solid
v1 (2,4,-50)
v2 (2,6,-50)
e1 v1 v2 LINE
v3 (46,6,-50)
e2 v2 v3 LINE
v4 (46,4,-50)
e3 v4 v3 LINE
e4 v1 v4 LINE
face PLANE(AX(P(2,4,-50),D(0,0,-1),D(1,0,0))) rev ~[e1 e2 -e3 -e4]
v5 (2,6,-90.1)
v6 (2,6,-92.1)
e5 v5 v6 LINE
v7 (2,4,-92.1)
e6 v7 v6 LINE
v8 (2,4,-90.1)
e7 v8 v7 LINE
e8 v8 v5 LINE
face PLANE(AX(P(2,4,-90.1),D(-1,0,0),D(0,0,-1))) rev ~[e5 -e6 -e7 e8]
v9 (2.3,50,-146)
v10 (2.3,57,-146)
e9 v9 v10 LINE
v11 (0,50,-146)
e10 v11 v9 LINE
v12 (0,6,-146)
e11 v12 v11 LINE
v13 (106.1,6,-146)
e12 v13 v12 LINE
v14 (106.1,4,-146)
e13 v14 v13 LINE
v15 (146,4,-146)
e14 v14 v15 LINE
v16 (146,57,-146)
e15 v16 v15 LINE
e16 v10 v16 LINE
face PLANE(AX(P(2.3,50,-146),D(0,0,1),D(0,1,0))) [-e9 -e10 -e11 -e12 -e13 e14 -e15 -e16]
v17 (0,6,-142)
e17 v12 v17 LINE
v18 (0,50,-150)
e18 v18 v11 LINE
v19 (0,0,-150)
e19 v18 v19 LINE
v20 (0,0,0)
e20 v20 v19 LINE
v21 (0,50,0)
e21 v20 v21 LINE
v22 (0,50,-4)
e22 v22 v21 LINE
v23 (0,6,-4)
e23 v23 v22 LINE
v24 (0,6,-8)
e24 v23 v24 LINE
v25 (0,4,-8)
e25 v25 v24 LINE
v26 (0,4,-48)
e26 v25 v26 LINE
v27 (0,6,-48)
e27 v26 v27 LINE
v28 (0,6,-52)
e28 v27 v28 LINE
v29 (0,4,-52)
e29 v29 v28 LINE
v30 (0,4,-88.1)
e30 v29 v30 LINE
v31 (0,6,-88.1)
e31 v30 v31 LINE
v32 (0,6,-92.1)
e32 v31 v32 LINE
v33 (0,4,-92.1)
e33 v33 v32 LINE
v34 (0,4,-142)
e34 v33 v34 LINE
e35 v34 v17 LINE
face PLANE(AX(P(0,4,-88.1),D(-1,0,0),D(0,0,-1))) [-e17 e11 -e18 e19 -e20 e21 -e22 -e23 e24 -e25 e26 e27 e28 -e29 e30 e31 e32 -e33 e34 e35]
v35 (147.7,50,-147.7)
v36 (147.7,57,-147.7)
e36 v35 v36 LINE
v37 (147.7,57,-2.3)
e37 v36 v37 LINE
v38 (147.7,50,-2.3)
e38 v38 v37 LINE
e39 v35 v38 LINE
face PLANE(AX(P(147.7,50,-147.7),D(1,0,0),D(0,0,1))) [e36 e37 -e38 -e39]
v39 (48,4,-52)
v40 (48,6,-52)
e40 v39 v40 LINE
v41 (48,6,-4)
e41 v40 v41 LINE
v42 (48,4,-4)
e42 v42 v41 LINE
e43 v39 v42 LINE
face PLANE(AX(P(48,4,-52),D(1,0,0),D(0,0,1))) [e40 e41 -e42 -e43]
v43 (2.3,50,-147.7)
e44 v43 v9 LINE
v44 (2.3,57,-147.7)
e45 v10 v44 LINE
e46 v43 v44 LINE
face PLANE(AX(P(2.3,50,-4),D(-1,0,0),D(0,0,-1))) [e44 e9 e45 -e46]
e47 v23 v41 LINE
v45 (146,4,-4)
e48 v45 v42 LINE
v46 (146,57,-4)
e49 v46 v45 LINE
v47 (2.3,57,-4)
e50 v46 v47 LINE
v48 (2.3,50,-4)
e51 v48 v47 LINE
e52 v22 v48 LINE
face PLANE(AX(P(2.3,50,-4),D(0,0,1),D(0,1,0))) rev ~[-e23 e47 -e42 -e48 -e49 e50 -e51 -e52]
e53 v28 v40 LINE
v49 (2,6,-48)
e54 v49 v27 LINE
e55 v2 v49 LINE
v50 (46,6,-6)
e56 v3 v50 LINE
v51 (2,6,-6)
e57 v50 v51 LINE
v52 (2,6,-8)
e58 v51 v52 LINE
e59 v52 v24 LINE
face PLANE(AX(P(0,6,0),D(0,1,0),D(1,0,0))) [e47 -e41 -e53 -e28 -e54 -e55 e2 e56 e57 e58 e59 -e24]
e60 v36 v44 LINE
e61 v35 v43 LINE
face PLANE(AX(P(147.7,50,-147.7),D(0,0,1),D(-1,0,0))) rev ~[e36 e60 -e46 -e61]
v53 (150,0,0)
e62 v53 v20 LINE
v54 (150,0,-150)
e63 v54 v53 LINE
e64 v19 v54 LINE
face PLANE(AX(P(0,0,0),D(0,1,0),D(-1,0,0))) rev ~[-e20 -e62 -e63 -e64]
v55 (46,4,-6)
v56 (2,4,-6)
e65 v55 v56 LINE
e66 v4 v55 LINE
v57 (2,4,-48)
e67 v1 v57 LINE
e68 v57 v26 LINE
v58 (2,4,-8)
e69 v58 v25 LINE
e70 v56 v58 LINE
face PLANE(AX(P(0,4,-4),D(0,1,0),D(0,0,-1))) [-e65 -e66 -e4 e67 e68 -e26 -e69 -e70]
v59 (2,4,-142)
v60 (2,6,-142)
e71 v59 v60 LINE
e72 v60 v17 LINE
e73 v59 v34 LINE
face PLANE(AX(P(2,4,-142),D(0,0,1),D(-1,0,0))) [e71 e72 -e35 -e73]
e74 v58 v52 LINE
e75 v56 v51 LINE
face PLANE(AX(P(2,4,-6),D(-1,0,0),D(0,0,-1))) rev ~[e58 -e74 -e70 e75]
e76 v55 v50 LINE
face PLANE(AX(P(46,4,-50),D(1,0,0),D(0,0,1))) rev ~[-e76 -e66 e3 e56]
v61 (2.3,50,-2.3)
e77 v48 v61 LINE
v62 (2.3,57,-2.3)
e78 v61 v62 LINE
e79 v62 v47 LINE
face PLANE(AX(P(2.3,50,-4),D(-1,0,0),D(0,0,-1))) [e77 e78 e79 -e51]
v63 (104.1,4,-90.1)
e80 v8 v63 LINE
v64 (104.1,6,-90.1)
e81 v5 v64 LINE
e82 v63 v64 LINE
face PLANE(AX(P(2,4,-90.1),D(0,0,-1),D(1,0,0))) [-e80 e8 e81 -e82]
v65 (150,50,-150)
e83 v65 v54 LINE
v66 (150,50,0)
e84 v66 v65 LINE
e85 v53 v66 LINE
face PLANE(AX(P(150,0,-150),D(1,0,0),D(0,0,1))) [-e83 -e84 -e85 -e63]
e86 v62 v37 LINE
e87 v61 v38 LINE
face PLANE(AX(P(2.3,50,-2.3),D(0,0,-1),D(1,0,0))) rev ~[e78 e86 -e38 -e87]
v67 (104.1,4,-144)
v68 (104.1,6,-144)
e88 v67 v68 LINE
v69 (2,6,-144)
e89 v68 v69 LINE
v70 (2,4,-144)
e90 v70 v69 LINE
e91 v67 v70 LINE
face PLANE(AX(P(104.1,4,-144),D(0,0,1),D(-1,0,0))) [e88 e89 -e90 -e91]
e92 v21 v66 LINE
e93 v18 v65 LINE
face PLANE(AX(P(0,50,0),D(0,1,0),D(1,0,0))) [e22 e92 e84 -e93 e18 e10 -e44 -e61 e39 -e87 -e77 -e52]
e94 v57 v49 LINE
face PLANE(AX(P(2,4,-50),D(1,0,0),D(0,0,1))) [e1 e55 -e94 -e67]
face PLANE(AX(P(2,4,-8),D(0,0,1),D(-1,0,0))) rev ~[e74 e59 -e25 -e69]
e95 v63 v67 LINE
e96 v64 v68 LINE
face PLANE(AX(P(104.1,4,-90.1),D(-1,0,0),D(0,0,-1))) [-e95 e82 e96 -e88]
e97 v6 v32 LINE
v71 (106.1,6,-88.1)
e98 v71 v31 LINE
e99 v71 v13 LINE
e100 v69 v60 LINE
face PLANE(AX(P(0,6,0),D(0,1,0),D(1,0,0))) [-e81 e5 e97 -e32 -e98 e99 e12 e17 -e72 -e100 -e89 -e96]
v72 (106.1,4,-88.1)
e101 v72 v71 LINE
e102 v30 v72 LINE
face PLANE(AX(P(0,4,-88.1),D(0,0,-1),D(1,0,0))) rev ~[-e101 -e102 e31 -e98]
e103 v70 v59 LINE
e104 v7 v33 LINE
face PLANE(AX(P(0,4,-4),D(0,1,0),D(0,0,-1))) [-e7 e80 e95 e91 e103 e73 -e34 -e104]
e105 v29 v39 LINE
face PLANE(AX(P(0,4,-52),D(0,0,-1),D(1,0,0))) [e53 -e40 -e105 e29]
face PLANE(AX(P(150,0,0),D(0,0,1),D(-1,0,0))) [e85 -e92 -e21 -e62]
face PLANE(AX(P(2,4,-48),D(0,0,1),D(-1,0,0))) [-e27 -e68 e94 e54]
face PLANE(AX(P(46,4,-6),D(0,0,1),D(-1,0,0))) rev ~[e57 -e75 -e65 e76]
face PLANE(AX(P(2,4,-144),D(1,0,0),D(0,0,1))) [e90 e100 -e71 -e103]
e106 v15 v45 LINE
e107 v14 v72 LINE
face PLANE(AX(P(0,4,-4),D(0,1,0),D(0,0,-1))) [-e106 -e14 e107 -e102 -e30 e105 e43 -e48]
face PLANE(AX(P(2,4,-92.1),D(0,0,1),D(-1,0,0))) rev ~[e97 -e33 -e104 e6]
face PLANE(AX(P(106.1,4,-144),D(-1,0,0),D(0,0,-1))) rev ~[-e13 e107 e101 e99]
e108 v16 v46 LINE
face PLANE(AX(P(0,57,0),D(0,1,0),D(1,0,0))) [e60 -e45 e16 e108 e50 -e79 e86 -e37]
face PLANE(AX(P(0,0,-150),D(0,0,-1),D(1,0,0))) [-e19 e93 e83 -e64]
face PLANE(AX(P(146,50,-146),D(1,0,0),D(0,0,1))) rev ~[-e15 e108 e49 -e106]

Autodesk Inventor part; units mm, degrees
ref_plane "YZ Plane" through (0, 0, 0) normal (1, 0, 0) x (0, 1, 0)
ref_plane "XZ Plane" through (0, 0, 0) normal (0, 1, 0) x (-1, 0, 0)
ref_plane "XY Plane" through (0, 0, 0) normal (0, 0, 1) x (1, 0, 0)
sketch "Boceto1" plane through (0, 0, 0) normal (0, 1, 0) x (-1, 0, 0)
  line L0 (0, 0) -> (0, -150)
  line L1 (0, -150) -> (-150, -150)
  line L2 (-150, -150) -> (-150, 0)
  line L3 (-150, 0) -> (0, 0)
extrude "Extrusión1" add sketch "Boceto1" along normal blind 4
sketch "Boceto2" plane through (0, 4, 0) normal (0, 1, 0) x (1, 0, 0)
  line L0 (0, 150) -> (4, 150)
  line L1 (150, 150) -> (0, 150) projected
  line L2 (0, 150) -> (0, 0)
  line L3 (0, 0) -> (150, 0)
  line L4 (150, 0) -> (150, 150)
  line L5 (0, 150) -> (150, 150)
  line L6 (4, 4) -> (146, 4)
  line L7 (146, 146) -> (146, 4)
  line L8 (146, 146) -> (4, 146)
  line L9 (4, 4) -> (4, 146)
extrude "Extrusión2" add sketch "Boceto2" along normal blind 46
sketch "Boceto3" plane through (0, 0, 0) normal (0, 0, 1) x (1, 0, 0)
  point P0 (0, 0)
sketch "Boceto4" plane through (0, 50, 0) normal (0, 1, 0) x (1, 0, 0)
  line L0 (4, 146) -> (146, 146) projected
  line L1 (0, 0) -> (0, 150) projected
  line L2 (146, 4) -> (4, 4) projected
  line L3 (2.3, 4) -> (2.3, 147.7)
  line L4 (2.3, 4) -> (2.3, 2.3)
  line L5 (2.3, 2.3) -> (147.7, 2.3)
  line L6 (147.7, 147.7) -> (2.3, 147.7)
  line L7 (147.7, 147.7) -> (147.7, 2.3)
  line L8 (4, 146) -> (146, 146)
  line L9 (146, 146) -> (146, 4) projected
  line L10 (146, 4) -> (146, 146)
  line L11 (4, 146) -> (4, 4)
  line L12 (4, 4) -> (146, 4)
extrude "Extrusión3" add sketch "Boceto4" along normal blind 7
sketch "Boceto5" plane through (0, 0, -150) normal (-1, 0, 0) x (0, 0, 1)
  point P0 (150, 0)
sketch "Boceto6" plane through (0, 0, -150) normal (-1, 0, 0) x (0, 0, 1)
  line L0 (0, 0) -> (0, 50) projected
  line L1 (0, 50) -> (4, 50)
  line L2 (0, 50) -> (150, 50) projected
  line L3 (146, 4) -> (4, 4) projected
  line L4 (4, 4) -> (4, 50)
  line L5 (4, 4) -> (146, 4)
  line L6 (146, 4) -> (146, 57) projected
  line L7 (146, 4) -> (146, 50)
  line L8 (146, 50) -> (4, 50)
  line L9 (147.7, 50) -> (2.3, 50) projected
  point P0 (150, 0)
extrude "Extrusión4" cut sketch "Boceto6" against normal blind 4
sketch "Boceto7" plane through (2.3, 50, -2.3) normal (-1, 0, 0) x (0, 0, 1)
  line L0 (-1.7, -46) -> (-1.7, 7) projected
  line L1 (-1.7, 0) -> (-1.7, 7)
  line L2 (-143.7, -46) -> (-143.7, 7) projected
  line L3 (-1.7, 7) -> (-143.7, 7)
  line L4 (-143.7, 7) -> (-143.7, 0)
  line L5 (2.3, 0) -> (-147.7, 0) projected
  line L6 (-143.7, 0) -> (-1.7, 0)
  point P0 (2.3, -50)
extrude "Extrusión5" cut sketch "Boceto7" against normal blind 4
sketch "Boceto8" plane through (0, 4, 0) normal (0, 1, 0) x (1, 0, 0)
  line L0 (0, 88.1) -> (106.1, 88.1)
  line L1 (106.1, 88.1) -> (106.1, 146)
  line L2 (0, 4) -> (0, 146) projected
  line L3 (0, 88.1) -> (0, 90.1)
  line L4 (2, 90.1) -> (104.1, 90.1)
  line L5 (106.1, 88.1) -> (104.1, 88.1)
  line L6 (104.1, 90.1) -> (104.1, 144)
  line L7 (106.1, 146) -> (106.1, 144)
  line L8 (104.1, 144) -> (2, 144)
  line L9 (0, 146) -> (106.1, 146)
  line L10 (2, 144) -> (2, 142)
  line L11 (2, 142) -> (0, 142)
  line L12 (2, 90.1) -> (2, 92.1)
  line L13 (2, 92.1) -> (0, 92.1)
  line L14 (0, 146) -> (0, 142)
  line L15 (0, 92.1) -> (0, 88.1)
  line L16 (2, 144) -> (2, 142)
  line L17 (2, 92.1) -> (2, 90.1)
  line L18 (0, 52) -> (48, 52)
  line L19 (48, 52) -> (48, 4)
  line L20 (0, 4) -> (146, 4) projected
  line L21 (2.3, 4) -> (0, 4) projected
  line L22 (0, 4) -> (48, 4)
  line L23 (2.3, 2.3) -> (147.7, 2.3) projected
  line L24 (0, 52) -> (0, 50)
  line L25 (2, 50) -> (46, 50)
  line L26 (46, 50) -> (46, 6)
  line L27 (46, 6) -> (2, 6)
  line L28 (0, 4) -> (48, 4)
  line L29 (0, 4) -> (48, 4)
  line L30 (2, 6) -> (2, 8)
  line L31 (2, 8) -> (0, 8)
  line L32 (2, 50) -> (2, 48)
  line L33 (2, 48) -> (0, 48)
  line L34 (2, 6) -> (2, 8)
  line L35 (2, 48) -> (2, 50)
  line L36 (0, 4) -> (0, 8)
  line L37 (0, 48) -> (0, 52)
  line L38 (0, 142) -> (0, 146)
  line L39 (0, 146) -> (106.1, 146)
  line L40 (2.3, 146) -> (146, 146) projected
  line L41 (106.1, 146) -> (106.1, 88.1)
  line L42 (106.1, 88.1) -> (0, 88.1)
  line L43 (0, 88.1) -> (0, 92.1)
  line L44 (0, 92.1) -> (2, 92.1)
  line L45 (2, 92.1) -> (2, 90.1)
  line L46 (2, 90.1) -> (104.1, 90.1)
  line L47 (104.1, 90.1) -> (104.1, 144)
  line L48 (104.1, 144) -> (2, 144)
  line L49 (2, 144) -> (2, 142)
  line L50 (2, 142) -> (0, 142)
  line L51 (0, 146) -> (2.3, 146) projected
  line L52 (0, 142) -> (0, 146)
  point P0 (0, 0)
extrude "Extrusión6" add sketch "Boceto8" along normal blind 2 contours L18 L19 L20 L2 L31 L30 L27 L26 L25 L32 L33
sketch "Boceto9" plane through (0, 4, 0) normal (0, 1, 0) x (1, 0, 0)
  line L0 (0, 88.1) -> (106.1, 88.1)
  line L1 (106.1, 88.1) -> (106.1, 146)
  line L2 (0, 88.1) -> (0, 90.1)
  line L3 (2, 90.1) -> (104.1, 90.1)
  line L4 (106.1, 88.1) -> (104.1, 88.1)
  line L5 (104.1, 90.1) -> (104.1, 144)
  line L6 (106.1, 146) -> (106.1, 144)
  line L7 (104.1, 144) -> (2, 144)
  line L8 (0, 146) -> (106.1, 146)
  line L9 (2, 144) -> (2, 142)
  line L10 (2, 142) -> (0, 142)
  line L11 (2, 90.1) -> (2, 92.1)
  line L12 (2, 92.1) -> (0, 92.1)
  line L13 (0, 146) -> (0, 142)
  line L14 (0, 92.1) -> (0, 88.1)
  line L15 (2, 144) -> (2, 142)
  line L16 (2, 92.1) -> (2, 90.1)
  line L17 (0, 142) -> (0, 146)
  line L18 (0, 146) -> (106.1, 146)
  line L19 (106.1, 146) -> (106.1, 88.1)
  line L20 (106.1, 88.1) -> (0, 88.1)
  line L21 (0, 88.1) -> (0, 92.1)
  line L22 (0, 92.1) -> (2, 92.1)
  line L23 (2, 92.1) -> (2, 90.1)
  line L24 (2, 90.1) -> (104.1, 90.1)
  line L25 (104.1, 90.1) -> (104.1, 144)
  line L26 (104.1, 144) -> (2, 144)
  line L27 (2, 144) -> (2, 142)
  line L28 (2, 142) -> (0, 142)
  line L29 (0, 146) -> (2.3, 146)
  line L30 (0, 142) -> (0, 146)
  point P0 (0, 0)
  point P1 (0, 52)
extrude "Extrusión7" add sketch "Boceto9" along normal blind 2
properties part number "base inf"
